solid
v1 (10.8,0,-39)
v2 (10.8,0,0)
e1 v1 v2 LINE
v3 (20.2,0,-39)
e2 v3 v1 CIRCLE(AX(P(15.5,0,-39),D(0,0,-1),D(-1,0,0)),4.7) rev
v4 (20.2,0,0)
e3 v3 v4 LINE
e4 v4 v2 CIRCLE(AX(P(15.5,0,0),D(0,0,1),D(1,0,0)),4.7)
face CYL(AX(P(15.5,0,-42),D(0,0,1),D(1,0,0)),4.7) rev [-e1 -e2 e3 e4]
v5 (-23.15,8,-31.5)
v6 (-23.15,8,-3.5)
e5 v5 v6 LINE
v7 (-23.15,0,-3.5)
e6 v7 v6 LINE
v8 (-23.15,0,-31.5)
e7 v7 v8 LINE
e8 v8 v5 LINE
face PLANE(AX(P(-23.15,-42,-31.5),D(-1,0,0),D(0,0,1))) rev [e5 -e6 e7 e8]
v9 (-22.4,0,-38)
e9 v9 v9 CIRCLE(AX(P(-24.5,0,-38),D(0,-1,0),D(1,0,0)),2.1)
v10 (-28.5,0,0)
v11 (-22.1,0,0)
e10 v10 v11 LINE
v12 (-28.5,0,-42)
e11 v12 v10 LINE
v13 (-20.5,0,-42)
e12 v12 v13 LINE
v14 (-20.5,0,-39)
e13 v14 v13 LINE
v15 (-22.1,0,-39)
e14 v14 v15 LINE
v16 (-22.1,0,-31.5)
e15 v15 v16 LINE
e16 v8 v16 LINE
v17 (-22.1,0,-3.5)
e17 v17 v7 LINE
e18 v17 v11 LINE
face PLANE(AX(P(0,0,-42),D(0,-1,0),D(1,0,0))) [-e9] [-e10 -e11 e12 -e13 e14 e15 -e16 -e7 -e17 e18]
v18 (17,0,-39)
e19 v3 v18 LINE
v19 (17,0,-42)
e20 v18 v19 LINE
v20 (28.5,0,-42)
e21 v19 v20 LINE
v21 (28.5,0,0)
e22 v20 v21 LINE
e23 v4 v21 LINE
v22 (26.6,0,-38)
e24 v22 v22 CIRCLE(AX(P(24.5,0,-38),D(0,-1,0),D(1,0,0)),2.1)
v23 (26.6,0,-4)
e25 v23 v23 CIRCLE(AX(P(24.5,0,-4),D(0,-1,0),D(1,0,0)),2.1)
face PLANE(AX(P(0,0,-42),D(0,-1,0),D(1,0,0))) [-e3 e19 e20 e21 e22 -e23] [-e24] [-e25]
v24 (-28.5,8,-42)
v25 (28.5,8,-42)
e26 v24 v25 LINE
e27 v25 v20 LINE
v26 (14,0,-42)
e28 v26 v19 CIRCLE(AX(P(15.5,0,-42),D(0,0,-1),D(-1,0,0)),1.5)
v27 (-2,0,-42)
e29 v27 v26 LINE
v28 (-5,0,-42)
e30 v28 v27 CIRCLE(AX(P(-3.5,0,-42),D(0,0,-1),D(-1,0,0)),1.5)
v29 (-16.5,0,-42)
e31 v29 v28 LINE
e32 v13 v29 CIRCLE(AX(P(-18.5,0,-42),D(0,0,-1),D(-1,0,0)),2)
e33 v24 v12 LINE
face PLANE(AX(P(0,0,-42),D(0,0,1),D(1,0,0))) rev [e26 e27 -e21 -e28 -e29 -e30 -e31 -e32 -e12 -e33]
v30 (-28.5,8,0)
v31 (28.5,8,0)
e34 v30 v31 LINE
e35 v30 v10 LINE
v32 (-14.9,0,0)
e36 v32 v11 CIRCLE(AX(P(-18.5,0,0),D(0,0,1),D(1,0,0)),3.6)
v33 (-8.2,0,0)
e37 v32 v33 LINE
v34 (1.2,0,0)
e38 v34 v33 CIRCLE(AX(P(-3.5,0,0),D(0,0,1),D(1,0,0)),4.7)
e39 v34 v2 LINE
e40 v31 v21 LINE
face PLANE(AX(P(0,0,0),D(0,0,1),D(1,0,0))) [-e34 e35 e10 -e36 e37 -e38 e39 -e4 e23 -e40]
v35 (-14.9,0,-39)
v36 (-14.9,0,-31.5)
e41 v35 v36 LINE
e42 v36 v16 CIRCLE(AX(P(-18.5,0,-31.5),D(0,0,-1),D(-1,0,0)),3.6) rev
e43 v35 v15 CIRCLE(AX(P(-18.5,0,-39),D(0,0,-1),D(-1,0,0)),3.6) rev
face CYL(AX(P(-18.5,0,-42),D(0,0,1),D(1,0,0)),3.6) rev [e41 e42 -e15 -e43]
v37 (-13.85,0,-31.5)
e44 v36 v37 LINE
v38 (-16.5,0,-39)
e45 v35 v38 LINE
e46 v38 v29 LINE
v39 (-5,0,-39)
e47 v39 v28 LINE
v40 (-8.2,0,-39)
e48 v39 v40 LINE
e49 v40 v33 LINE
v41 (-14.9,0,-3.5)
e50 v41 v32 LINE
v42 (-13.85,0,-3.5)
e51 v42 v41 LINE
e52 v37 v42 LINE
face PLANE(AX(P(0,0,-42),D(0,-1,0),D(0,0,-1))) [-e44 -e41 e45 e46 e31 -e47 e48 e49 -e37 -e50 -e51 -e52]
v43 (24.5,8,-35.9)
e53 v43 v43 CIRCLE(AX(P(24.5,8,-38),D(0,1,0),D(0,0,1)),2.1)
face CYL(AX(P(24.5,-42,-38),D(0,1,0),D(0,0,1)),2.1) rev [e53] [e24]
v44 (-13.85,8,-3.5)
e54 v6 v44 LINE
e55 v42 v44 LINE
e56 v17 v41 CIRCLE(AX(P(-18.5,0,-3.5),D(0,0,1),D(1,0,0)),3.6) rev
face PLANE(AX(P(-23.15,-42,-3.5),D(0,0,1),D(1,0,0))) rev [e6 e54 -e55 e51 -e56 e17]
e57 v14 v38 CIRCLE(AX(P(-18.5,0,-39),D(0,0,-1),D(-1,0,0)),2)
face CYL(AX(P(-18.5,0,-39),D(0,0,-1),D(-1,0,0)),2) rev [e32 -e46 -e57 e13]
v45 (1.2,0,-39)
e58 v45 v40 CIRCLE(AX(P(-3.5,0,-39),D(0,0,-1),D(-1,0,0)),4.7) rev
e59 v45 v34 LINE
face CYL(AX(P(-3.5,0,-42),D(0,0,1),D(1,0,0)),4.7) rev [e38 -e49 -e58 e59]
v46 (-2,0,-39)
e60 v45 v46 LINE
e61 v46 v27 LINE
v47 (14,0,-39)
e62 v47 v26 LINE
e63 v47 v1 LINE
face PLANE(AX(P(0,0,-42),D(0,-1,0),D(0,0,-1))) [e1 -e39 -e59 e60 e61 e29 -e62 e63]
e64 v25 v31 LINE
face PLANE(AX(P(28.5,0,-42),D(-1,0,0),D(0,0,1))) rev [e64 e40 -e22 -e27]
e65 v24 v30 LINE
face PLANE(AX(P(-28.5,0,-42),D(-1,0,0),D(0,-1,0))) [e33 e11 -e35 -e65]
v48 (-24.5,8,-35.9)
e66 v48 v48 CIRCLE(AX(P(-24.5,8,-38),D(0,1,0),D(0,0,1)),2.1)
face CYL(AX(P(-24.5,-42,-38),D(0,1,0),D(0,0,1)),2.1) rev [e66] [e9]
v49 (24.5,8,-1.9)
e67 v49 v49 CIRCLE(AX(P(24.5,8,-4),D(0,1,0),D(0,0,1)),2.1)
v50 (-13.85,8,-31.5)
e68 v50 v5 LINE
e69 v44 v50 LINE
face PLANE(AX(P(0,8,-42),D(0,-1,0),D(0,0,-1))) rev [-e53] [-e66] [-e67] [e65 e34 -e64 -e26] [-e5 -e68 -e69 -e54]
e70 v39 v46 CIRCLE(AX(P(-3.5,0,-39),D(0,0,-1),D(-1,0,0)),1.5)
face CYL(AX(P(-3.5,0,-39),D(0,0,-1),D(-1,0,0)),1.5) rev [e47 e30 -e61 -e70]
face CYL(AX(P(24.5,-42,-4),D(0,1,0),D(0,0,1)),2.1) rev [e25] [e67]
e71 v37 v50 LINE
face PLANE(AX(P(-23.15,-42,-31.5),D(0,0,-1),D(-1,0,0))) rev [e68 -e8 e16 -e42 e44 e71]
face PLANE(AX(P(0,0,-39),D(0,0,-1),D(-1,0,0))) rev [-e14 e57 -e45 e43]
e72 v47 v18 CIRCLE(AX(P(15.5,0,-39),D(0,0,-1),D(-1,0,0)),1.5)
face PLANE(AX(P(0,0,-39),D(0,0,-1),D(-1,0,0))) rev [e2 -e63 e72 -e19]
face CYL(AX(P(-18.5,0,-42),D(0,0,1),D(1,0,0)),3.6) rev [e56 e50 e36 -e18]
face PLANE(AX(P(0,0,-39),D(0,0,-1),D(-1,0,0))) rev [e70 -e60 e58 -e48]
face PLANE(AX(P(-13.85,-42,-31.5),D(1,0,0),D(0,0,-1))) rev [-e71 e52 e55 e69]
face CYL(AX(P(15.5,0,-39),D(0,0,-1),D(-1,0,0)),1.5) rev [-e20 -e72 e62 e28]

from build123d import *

# Parameters (mm, degrees)
SALIENTE_EXTRUIR1_DEPTH = 42
CROQUIS2_W              = 9.3
CROQUIS2_H              = 28
CORTAR_EXTRUIR1_DEPTH   = 50
CROQUIS3_R              = 2.1
CORTAR_EXTRUIR2_DEPTH   = 50
SALIENTE_EXTRUIR2_START = -3
SALIENTE_EXTRUIR2_DEPTH = 3


with BuildPart() as part:
    # Croquis1 → Saliente-Extruir1 (new body)
    with BuildSketch(Plane.XY):
        with BuildLine():
            Line((-28.5, 8), (-28.5, 0))
            Line((-28.5, 0), (-22.1, 0))
            ThreePointArc((-22.1, 0), (-18.5, 3.6), (-14.9, 0))
            Line((-14.9, 0), (-8.2, 0))
            ThreePointArc((-8.2, 0), (-3.5, 4.7), (1.2, 0))
            Line((1.2, 0), (10.8, 0))
            ThreePointArc((10.8, 0), (15.5, 4.7), (20.2, 0))
            Line((20.2, 0), (28.5, 0))
            Line((28.5, 0), (28.5, 8))
            Line((28.5, 8), (-28.5, 8))
        make_face()
    extrude(amount=-SALIENTE_EXTRUIR1_DEPTH)

    # Croquis2 → Cortar-Extruir1 (cut)
    with BuildSketch(Plane(origin=(0, 8, 0), x_dir=(1, 0, 0), z_dir=(0, 1, 0))):
        with Locations((-18.5, 17.5)):
            Rectangle(CROQUIS2_W, CROQUIS2_H)
    extrude(amount=-CORTAR_EXTRUIR1_DEPTH, mode=Mode.SUBTRACT)

    # Croquis3 → Cortar-Extruir2 (cut)
    with BuildSketch(Plane(origin=(0, 8, 0), x_dir=(1, 0, 0), z_dir=(0, 1, 0))):
        with Locations(Location((-24.5, 38, 0), (0, 0, 270))):
            Circle(CROQUIS3_R)
        with Locations(Location((24.5, 38, 0), (0, 0, 270))):
            Circle(CROQUIS3_R)
        with Locations(Location((24.5, 4, 0), (0, 0, 270))):
            Circle(CROQUIS3_R)
    extrude(amount=-CORTAR_EXTRUIR2_DEPTH, mode=Mode.SUBTRACT)

    # Croquis4 → Saliente-Extruir2 (add)
    with BuildSketch(Plane(origin=(0, 0, -42), x_dir=(-1, 0, 0), z_dir=(0, 0, -1)).offset(SALIENTE_EXTRUIR2_START)):
        with BuildLine():
            ThreePointArc((-10.8, 0), (-15.5, 4.7), (-20.2, 0))
            Line((-20.2, 0), (-17, 0))
            ThreePointArc((-17, 0), (-15.5, 1.5), (-14, 0))
            Line((-14, 0), (-10.8, 0))
        make_face()
        with BuildLine():
            ThreePointArc((8.2, 0), (3.5, 4.7), (-1.2, 0))
            Line((-1.2, 0), (2, 0))
            ThreePointArc((2, 0), (3.5, 1.5), (5, 0))
            Line((5, 0), (8.2, 0))
        make_face()
        with BuildLine():
            ThreePointArc((22.1, 0), (18.5, 3.6), (14.9, 0))
            Line((14.9, 0), (16.5, 0))
            ThreePointArc((16.5, 0), (18.5, 2), (20.5, 0))
            Line((20.5, 0), (22.1, 0))
        make_face()
    extrude(amount=SALIENTE_EXTRUIR2_DEPTH)


solid = part.part
